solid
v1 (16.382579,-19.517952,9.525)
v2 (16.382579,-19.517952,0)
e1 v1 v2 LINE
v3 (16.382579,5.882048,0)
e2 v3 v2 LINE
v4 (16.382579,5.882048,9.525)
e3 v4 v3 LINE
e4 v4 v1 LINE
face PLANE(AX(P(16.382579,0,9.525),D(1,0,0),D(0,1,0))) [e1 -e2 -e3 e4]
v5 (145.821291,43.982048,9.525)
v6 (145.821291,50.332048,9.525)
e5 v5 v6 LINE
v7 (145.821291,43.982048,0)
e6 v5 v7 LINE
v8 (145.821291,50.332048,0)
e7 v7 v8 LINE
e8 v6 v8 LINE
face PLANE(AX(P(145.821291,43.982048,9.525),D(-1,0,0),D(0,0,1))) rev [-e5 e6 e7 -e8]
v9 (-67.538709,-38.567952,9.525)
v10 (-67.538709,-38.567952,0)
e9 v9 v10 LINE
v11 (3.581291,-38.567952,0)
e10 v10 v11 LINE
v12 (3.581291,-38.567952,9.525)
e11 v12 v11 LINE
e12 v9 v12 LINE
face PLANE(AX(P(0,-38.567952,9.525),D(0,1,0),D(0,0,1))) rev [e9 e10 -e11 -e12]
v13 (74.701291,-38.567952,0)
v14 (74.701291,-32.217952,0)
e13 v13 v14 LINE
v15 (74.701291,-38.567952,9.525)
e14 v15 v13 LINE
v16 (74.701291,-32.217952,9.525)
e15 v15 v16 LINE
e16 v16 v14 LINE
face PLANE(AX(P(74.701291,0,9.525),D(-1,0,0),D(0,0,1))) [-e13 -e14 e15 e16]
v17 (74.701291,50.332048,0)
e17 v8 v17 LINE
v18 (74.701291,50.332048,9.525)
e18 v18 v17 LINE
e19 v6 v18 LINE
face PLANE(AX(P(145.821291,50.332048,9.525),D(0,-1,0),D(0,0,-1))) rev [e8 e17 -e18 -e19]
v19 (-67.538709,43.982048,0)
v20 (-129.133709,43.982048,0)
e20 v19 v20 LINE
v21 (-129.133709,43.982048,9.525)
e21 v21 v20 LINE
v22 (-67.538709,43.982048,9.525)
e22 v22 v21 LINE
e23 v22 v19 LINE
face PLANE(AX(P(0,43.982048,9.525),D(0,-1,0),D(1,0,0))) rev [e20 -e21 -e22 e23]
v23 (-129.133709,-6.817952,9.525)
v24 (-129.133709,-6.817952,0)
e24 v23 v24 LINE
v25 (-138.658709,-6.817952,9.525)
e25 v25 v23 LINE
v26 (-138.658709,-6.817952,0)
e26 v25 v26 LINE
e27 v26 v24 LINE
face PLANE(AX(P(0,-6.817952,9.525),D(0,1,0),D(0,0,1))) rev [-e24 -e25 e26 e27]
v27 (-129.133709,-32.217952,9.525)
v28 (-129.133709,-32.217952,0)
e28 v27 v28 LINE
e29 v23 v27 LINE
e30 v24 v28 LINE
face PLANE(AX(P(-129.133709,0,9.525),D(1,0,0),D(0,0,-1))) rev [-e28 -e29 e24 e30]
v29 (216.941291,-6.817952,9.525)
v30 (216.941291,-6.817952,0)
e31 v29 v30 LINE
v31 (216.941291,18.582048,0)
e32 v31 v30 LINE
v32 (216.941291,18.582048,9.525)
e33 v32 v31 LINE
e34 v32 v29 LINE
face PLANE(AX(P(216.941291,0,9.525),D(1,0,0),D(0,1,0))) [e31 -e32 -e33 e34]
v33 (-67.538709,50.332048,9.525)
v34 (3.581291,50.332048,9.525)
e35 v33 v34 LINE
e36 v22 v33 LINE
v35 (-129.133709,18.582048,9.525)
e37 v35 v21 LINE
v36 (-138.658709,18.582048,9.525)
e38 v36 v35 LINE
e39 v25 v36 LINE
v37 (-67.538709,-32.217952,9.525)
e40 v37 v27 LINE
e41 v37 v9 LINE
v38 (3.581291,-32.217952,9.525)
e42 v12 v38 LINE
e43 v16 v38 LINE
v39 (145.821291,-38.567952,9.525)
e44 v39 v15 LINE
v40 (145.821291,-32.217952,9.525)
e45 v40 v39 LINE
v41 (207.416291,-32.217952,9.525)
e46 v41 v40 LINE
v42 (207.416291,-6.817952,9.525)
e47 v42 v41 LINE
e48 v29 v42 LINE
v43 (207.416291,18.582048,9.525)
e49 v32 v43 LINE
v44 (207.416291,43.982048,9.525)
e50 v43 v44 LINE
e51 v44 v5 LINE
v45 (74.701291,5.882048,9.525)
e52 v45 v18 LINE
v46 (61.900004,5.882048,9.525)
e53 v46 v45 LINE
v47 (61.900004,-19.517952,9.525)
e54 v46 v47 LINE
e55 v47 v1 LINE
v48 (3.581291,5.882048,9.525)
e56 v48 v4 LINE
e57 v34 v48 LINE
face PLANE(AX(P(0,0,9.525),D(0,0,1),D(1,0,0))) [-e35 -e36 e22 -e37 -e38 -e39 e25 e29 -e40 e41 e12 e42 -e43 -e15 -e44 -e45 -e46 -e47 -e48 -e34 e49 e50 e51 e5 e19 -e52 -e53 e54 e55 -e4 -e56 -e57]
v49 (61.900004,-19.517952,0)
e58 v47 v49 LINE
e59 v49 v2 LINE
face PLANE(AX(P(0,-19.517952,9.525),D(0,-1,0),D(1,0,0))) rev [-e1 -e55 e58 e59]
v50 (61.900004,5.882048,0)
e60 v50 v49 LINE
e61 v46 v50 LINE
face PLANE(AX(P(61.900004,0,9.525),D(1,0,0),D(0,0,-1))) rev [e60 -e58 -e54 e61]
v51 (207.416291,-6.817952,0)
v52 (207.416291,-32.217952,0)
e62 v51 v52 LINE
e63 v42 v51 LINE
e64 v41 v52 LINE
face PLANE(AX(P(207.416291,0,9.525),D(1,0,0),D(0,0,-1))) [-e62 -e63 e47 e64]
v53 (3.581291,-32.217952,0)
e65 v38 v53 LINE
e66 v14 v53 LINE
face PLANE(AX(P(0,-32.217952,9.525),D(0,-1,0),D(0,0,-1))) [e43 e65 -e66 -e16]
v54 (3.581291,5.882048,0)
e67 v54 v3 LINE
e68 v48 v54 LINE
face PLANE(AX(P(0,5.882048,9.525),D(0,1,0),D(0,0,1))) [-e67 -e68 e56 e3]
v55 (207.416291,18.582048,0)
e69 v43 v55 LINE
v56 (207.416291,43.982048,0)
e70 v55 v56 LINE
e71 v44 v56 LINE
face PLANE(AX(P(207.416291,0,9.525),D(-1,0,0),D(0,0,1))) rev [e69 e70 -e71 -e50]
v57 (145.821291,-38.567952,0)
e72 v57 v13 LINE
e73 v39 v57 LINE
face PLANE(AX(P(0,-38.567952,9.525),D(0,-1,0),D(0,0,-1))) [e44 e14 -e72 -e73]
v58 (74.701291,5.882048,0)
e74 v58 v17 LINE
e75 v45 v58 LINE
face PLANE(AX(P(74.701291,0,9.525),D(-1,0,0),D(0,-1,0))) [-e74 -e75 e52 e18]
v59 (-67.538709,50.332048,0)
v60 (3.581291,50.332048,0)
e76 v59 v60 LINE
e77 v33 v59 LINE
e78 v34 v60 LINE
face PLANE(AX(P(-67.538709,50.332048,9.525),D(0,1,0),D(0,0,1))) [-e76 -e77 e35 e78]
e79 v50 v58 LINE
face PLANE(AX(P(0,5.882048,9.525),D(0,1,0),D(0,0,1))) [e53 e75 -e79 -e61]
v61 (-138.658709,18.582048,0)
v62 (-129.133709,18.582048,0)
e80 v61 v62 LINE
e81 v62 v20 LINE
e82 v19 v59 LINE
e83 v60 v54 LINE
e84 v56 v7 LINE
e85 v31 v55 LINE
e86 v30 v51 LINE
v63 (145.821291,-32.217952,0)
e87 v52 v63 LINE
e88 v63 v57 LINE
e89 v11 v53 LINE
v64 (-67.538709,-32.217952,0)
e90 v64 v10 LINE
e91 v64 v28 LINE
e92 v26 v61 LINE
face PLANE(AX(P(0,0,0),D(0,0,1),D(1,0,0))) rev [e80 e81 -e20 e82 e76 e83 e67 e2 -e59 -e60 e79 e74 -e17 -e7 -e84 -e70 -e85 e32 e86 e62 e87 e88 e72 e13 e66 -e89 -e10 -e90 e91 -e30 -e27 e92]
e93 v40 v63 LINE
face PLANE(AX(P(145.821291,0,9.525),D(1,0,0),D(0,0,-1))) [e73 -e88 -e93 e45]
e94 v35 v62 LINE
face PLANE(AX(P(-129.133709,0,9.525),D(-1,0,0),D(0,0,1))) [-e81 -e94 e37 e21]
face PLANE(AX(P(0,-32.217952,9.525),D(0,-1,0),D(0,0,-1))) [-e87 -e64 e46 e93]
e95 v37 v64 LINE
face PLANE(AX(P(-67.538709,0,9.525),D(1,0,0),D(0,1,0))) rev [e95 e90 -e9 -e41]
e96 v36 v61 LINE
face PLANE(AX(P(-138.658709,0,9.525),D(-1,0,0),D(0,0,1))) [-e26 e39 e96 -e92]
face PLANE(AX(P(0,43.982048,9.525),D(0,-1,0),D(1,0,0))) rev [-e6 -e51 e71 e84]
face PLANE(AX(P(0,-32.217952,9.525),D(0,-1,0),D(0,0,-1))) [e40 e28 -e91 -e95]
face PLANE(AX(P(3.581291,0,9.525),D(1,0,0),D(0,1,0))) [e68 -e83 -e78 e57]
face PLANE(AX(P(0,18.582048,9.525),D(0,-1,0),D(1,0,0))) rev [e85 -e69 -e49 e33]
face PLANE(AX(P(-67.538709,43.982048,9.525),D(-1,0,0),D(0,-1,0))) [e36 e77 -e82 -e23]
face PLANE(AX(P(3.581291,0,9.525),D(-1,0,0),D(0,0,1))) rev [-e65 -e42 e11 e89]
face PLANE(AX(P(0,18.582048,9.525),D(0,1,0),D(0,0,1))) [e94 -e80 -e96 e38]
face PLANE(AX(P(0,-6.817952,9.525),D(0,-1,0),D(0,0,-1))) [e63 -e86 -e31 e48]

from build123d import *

# Parameters (mm, degrees)
BOSS_EXTRUDE1_DEPTH = 9.525


with BuildPart() as part:
    # Sketch1 → Boss-Extrude1 (new body)
    with BuildSketch(Plane.XY):
        Polygon((207.416291055, 18.582047585), (207.416291055, 43.982047585), (145.821291055, 43.982047585), (145.821291055, 50.332047585), (74.701291055, 50.332047585), (74.701291055, 5.882047585), (61.900003591, 5.882047585), (61.900003591, -19.517952415), (16.38257852, -19.517952415), (16.38257852, 5.882047585), (3.581291055, 5.882047585), (3.581291055, 50.332047585), (-67.538708945, 50.332047585), (-67.538708945, 43.982047585), (-129.133708945, 43.982047585), (-129.133708945, 18.582047585), (-138.658708945, 18.582047585), (-138.658708945, -6.817952415), (-129.133708945, -6.817952415), (-129.133708945, -32.217952415), (-67.538708945, -32.217952415), (-67.538708945, -38.567952415), (3.581291055, -38.567952415), (3.581291055, -32.217952415), (74.701291055, -32.217952415), (74.701291055, -38.567952415), (145.821291055, -38.567952415), (145.821291055, -32.217952415), (207.416291055, -32.217952415), (207.416291055, -6.817952415), (216.941291055, -6.817952415), (216.941291055, 18.582047585), align=None)
    extrude(amount=BOSS_EXTRUDE1_DEPTH)


solid = part.part
